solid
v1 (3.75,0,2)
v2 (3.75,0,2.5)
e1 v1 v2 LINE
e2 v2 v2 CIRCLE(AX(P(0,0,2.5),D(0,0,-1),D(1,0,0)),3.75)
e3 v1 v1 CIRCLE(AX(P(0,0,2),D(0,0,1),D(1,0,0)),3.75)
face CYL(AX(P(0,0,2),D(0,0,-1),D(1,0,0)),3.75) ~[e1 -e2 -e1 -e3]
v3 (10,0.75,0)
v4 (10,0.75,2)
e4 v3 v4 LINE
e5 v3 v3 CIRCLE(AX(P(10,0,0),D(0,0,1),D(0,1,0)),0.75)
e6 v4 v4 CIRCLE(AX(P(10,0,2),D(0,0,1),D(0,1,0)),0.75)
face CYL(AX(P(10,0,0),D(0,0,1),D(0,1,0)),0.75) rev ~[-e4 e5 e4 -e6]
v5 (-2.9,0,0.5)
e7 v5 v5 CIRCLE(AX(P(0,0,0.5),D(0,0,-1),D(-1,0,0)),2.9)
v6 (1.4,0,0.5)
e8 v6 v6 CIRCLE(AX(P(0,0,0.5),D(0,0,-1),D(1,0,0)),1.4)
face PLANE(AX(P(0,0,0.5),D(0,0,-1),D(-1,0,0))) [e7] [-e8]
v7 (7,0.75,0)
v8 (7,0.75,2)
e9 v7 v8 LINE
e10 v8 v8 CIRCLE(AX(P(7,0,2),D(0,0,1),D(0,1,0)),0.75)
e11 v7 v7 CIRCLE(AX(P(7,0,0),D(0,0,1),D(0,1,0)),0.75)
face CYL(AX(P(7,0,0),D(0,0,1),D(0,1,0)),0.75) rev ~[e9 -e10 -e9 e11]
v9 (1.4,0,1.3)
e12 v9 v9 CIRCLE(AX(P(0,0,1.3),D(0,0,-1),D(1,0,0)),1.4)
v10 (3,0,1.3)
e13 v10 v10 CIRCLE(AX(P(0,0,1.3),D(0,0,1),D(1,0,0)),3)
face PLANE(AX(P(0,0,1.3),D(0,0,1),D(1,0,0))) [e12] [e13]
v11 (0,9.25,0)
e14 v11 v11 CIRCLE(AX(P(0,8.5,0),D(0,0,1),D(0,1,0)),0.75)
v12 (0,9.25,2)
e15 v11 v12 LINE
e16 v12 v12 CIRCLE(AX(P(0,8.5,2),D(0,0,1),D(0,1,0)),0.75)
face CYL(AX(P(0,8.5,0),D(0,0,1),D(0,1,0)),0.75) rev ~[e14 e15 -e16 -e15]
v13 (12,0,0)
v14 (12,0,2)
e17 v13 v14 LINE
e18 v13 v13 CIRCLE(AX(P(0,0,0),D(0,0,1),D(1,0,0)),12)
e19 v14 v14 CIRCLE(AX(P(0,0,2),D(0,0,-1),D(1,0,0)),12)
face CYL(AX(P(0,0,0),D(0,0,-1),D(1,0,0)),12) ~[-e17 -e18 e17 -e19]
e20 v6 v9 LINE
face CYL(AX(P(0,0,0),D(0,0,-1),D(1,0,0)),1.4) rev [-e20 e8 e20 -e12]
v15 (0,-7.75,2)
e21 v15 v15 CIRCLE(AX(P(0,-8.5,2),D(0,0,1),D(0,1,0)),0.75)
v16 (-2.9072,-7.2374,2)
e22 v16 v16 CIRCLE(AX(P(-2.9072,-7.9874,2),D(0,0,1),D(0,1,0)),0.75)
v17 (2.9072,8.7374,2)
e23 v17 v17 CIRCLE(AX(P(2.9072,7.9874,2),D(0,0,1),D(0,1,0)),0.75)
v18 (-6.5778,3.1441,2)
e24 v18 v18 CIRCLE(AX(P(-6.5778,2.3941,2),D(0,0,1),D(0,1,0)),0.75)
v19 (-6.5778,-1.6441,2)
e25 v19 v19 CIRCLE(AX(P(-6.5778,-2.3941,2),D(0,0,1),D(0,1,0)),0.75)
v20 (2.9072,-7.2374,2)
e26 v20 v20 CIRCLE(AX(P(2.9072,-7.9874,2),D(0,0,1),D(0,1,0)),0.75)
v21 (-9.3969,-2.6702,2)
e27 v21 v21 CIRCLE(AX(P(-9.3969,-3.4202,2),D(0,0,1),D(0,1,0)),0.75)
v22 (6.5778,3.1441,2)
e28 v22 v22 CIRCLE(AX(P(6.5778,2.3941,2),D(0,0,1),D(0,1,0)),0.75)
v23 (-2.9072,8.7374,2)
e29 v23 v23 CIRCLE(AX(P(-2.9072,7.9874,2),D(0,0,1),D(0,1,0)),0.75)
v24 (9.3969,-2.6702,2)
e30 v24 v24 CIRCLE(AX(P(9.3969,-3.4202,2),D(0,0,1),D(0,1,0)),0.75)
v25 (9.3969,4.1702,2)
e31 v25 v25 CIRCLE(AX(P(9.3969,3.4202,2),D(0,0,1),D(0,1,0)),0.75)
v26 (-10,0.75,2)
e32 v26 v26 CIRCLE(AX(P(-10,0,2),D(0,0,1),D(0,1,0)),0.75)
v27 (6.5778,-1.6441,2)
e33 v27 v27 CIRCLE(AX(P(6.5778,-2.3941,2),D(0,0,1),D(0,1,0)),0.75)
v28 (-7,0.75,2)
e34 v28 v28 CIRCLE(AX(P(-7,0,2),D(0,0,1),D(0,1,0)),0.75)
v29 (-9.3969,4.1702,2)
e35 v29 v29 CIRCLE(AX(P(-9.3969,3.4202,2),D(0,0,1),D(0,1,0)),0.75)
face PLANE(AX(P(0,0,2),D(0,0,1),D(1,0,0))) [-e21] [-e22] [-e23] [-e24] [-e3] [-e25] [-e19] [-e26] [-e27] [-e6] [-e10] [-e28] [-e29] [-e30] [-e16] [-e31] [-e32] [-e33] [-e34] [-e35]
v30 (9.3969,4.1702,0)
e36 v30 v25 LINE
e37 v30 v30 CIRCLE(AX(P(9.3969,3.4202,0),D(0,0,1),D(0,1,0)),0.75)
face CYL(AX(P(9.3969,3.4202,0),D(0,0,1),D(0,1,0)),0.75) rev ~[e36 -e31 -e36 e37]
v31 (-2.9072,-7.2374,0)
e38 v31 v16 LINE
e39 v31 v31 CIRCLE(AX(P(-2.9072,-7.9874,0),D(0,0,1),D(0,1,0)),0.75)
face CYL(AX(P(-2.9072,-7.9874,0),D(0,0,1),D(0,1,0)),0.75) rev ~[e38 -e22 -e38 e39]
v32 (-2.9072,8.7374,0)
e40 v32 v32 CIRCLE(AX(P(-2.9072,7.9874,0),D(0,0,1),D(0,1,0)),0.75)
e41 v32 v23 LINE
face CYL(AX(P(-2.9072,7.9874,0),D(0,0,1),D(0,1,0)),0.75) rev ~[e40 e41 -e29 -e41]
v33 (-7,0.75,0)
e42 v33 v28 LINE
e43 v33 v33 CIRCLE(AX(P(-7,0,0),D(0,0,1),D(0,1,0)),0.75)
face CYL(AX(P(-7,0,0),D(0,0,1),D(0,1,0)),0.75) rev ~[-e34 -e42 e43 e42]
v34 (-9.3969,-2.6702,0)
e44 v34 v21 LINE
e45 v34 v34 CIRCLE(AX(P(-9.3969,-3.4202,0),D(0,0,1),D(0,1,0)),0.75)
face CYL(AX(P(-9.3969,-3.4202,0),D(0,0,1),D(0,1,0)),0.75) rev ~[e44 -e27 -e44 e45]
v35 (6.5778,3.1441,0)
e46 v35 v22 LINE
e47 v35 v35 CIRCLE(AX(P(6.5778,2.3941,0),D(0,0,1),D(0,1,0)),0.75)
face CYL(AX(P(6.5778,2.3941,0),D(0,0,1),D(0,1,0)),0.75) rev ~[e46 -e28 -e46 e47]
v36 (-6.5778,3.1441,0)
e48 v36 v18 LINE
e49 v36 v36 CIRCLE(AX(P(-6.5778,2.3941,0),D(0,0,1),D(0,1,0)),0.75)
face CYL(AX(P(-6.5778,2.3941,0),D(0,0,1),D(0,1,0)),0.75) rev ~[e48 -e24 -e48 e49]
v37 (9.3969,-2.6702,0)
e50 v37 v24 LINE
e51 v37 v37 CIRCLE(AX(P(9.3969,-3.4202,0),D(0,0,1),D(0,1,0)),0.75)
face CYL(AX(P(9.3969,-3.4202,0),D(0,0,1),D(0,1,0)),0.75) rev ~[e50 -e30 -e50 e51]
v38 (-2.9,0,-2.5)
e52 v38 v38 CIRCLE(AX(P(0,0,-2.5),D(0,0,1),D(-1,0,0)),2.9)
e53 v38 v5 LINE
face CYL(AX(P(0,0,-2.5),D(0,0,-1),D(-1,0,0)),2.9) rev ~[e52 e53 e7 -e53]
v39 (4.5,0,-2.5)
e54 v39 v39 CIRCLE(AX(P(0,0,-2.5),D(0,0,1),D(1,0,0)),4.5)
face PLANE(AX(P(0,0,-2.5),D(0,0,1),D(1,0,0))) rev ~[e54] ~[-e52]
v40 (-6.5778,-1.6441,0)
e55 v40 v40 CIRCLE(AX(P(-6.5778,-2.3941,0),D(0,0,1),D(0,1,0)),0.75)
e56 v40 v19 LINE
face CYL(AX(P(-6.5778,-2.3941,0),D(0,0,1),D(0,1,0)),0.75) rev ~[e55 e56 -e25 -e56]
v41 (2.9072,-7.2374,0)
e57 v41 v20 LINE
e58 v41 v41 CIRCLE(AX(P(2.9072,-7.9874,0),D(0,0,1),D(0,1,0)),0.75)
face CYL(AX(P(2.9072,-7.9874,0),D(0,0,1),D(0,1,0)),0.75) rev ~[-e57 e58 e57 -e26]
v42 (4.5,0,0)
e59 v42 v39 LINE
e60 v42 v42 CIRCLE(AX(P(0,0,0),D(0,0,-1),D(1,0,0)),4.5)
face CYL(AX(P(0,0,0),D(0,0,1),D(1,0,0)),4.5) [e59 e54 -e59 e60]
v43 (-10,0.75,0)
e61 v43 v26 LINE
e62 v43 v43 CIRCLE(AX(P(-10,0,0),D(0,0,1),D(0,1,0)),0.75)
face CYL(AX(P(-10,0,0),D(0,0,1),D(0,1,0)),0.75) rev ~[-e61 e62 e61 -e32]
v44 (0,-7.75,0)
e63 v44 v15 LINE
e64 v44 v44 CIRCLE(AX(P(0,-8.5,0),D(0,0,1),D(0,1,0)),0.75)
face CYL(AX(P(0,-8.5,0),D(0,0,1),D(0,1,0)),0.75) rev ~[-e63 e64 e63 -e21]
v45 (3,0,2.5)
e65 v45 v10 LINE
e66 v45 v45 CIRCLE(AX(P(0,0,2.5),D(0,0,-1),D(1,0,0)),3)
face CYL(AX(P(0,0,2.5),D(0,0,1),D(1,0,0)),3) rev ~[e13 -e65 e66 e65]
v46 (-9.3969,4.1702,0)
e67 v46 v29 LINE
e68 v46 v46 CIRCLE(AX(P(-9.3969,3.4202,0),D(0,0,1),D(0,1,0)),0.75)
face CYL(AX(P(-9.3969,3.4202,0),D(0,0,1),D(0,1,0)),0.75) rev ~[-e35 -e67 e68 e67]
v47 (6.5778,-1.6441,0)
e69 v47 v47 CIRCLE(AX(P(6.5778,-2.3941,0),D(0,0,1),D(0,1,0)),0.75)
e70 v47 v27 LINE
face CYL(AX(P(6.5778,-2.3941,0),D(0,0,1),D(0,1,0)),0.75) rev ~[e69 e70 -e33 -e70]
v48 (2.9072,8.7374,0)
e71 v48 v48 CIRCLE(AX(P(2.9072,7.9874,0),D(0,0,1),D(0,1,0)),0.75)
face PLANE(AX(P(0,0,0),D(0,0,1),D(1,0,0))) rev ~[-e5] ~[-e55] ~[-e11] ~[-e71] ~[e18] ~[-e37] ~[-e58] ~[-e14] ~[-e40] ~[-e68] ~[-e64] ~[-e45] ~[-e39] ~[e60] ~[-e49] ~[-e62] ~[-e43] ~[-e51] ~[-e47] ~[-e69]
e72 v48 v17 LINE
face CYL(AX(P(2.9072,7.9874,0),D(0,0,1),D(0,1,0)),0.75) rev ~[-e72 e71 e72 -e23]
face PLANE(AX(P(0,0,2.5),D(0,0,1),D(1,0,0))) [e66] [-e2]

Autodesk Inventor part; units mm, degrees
ref_plane "YZ Plane" through (0, 0, 0) normal (1, 0, 0) x (0, 1, 0)
ref_plane "XZ Plane" through (0, 0, 0) normal (0, 1, 0) x (-1, 0, 0)
ref_plane "XY Plane" through (0, 0, 0) normal (0, 0, 1) x (1, 0, 0)
sketch "Sketch1" plane through (0, 0, 0) normal (0, 0, 1) x (1, 0, 0)
  line L0 (-16.8, 0) -> (16.8, 0) projected
  line L1 (0, 16.8) -> (0, -16.8) projected
  circle A0 centre (0, 0) radius 12
  dimension "d0" = 24
extrude "Extrusion1" add sketch "Sketch1" along normal blind 2
sketch "Sketch2" plane through (0, 0, 0) normal (0, 0, 1) x (1, 0, 0)
  line L0 (0, 16.8) -> (0, -16.8) projected
  line L1 (-16.8, 0) -> (16.8, 0) projected
  circle A0 centre (0, 0) radius 4.5
  dimension "d3" = 9
extrude "Extrusion2" add sketch "Sketch2" against normal blind 2.5
sketch "Sketch3" plane through (0, 0, -2.5) normal (0, 0, -1) x (-1, 0, 0)
  line L0 (-16.8, 0) -> (16.8, 0) projected
  line L1 (0, -16.8) -> (0, 16.8) projected
  circle A0 centre (0, 0) radius 2.9
  dimension "d6" = 5.8
extrude "Extrusion3" cut sketch "Sketch3" against normal blind 3
sketch "Sketch4" plane through (0, 0, 2) normal (0, 0, 1) x (1, 0, 0)
  line L0 (0, 16.8) -> (0, -16.8) projected
  line L1 (-16.8, 0) -> (16.8, 0) projected
  circle A0 centre (0, 0) radius 3.75
  dimension "d9" = 7.5
extrude "Extrusion4" add sketch "Sketch4" along normal blind 0.5
sketch "Sketch5" plane through (0, 0, 2.5) normal (0, 0, 1) x (1, 0, 0)
  line L0 (0, 16.8) -> (0, -16.8) projected
  line L1 (-16.8, 0) -> (16.8, 0) projected
  circle A0 centre (0, 0) radius 3
  dimension "d12" = 6
extrude "Extrusion5" cut sketch "Sketch5" against normal blind 1.2
sketch "Sketch6" plane through (0, 0, 0) normal (0, 0, 1) x (1, 0, 0)
  line L0 (0, 16.8) -> (0, -16.8) projected
  line L1 (-16.8, 0) -> (16.8, 0) projected
  circle A0 centre (0, 0) radius 1.4
  dimension "d15" = 2.8
extrude "Extrusion6" cut sketch "Sketch6" along normal through all
sketch "Sketch7" plane through (0, 0, 0) normal (0, 0, 1) x (1, 0, 0)
  line L0 (0, 16.8) -> (0, -16.8) projected
  line L1 (-16.8, 0) -> (16.8, 0) projected
  circle A0 centre (0, 0) radius 8.5 construction
  line L2 (-2.9072, 7.9874) -> (2.9072, -7.9874) construction
  line L3 (2.9072, 7.9874) -> (-2.9072, -7.9874) construction
  point P0 (0, 8.5)
  point P1 (0, -8.5)
  dimension "d18" = 17
  dimension "d20" = 20
hole "Hole1" at (0, 8.5, 0) at (0, -8.5, 0) at (2.9072, 7.9874, 0) at (-2.9072, 7.9874, 0) at (2.9072, -7.9874, 0) at (-2.9072, -7.9874, 0) direction (0, 0, 1) diameter 1.5 depth 8 tip angle 118
sketch "Sketch8" plane through (0, 0, 0) normal (0, 0, 1) x (1, 0, 0)
  line L0 (0, 16.8) -> (0, -16.8) projected
  line L1 (-16.8, 0) -> (16.8, 0) projected
  circle A0 centre (0, 0) radius 10 construction
  line L2 (9.3969, 3.4202) -> (-9.3969, -3.4202) construction
  line L3 (-9.3969, 3.4202) -> (9.3969, -3.4202) construction
  circle A1 centre (0, 0) radius 7 construction
  point P0 (-10, 0)
  point P1 (10, 0)
  point P2 (-6.5778, 2.3941)
  point P3 (-7, 0)
  point P4 (-6.5778, -2.3941)
  point P5 (6.5778, 2.3941)
  point P6 (7, 0)
  point P7 (6.5778, -2.3941)
  dimension "d28" = 20
  dimension "d30" = 40
  dimension "d31" = 14
hole "Hole2" at (-10, 0, 0) at (-9.3969, 3.4202, 0) at (-9.3969, -3.4202, 0) at (10, 0, 0) at (9.3969, 3.4202, 0) at (9.3969, -3.4202, 0) at (-6.5778, 2.3941, 0) at (-7, 0, 0) at (-6.5778, -2.3941, 0) at (6.5778, 2.3941, 0) at (7, 0, 0) at (6.5778, -2.3941, 0) direction (0, 0, 1) diameter 1.5 depth 8 tip angle 118
properties part number "servo motor HS-7955TG round horn"
